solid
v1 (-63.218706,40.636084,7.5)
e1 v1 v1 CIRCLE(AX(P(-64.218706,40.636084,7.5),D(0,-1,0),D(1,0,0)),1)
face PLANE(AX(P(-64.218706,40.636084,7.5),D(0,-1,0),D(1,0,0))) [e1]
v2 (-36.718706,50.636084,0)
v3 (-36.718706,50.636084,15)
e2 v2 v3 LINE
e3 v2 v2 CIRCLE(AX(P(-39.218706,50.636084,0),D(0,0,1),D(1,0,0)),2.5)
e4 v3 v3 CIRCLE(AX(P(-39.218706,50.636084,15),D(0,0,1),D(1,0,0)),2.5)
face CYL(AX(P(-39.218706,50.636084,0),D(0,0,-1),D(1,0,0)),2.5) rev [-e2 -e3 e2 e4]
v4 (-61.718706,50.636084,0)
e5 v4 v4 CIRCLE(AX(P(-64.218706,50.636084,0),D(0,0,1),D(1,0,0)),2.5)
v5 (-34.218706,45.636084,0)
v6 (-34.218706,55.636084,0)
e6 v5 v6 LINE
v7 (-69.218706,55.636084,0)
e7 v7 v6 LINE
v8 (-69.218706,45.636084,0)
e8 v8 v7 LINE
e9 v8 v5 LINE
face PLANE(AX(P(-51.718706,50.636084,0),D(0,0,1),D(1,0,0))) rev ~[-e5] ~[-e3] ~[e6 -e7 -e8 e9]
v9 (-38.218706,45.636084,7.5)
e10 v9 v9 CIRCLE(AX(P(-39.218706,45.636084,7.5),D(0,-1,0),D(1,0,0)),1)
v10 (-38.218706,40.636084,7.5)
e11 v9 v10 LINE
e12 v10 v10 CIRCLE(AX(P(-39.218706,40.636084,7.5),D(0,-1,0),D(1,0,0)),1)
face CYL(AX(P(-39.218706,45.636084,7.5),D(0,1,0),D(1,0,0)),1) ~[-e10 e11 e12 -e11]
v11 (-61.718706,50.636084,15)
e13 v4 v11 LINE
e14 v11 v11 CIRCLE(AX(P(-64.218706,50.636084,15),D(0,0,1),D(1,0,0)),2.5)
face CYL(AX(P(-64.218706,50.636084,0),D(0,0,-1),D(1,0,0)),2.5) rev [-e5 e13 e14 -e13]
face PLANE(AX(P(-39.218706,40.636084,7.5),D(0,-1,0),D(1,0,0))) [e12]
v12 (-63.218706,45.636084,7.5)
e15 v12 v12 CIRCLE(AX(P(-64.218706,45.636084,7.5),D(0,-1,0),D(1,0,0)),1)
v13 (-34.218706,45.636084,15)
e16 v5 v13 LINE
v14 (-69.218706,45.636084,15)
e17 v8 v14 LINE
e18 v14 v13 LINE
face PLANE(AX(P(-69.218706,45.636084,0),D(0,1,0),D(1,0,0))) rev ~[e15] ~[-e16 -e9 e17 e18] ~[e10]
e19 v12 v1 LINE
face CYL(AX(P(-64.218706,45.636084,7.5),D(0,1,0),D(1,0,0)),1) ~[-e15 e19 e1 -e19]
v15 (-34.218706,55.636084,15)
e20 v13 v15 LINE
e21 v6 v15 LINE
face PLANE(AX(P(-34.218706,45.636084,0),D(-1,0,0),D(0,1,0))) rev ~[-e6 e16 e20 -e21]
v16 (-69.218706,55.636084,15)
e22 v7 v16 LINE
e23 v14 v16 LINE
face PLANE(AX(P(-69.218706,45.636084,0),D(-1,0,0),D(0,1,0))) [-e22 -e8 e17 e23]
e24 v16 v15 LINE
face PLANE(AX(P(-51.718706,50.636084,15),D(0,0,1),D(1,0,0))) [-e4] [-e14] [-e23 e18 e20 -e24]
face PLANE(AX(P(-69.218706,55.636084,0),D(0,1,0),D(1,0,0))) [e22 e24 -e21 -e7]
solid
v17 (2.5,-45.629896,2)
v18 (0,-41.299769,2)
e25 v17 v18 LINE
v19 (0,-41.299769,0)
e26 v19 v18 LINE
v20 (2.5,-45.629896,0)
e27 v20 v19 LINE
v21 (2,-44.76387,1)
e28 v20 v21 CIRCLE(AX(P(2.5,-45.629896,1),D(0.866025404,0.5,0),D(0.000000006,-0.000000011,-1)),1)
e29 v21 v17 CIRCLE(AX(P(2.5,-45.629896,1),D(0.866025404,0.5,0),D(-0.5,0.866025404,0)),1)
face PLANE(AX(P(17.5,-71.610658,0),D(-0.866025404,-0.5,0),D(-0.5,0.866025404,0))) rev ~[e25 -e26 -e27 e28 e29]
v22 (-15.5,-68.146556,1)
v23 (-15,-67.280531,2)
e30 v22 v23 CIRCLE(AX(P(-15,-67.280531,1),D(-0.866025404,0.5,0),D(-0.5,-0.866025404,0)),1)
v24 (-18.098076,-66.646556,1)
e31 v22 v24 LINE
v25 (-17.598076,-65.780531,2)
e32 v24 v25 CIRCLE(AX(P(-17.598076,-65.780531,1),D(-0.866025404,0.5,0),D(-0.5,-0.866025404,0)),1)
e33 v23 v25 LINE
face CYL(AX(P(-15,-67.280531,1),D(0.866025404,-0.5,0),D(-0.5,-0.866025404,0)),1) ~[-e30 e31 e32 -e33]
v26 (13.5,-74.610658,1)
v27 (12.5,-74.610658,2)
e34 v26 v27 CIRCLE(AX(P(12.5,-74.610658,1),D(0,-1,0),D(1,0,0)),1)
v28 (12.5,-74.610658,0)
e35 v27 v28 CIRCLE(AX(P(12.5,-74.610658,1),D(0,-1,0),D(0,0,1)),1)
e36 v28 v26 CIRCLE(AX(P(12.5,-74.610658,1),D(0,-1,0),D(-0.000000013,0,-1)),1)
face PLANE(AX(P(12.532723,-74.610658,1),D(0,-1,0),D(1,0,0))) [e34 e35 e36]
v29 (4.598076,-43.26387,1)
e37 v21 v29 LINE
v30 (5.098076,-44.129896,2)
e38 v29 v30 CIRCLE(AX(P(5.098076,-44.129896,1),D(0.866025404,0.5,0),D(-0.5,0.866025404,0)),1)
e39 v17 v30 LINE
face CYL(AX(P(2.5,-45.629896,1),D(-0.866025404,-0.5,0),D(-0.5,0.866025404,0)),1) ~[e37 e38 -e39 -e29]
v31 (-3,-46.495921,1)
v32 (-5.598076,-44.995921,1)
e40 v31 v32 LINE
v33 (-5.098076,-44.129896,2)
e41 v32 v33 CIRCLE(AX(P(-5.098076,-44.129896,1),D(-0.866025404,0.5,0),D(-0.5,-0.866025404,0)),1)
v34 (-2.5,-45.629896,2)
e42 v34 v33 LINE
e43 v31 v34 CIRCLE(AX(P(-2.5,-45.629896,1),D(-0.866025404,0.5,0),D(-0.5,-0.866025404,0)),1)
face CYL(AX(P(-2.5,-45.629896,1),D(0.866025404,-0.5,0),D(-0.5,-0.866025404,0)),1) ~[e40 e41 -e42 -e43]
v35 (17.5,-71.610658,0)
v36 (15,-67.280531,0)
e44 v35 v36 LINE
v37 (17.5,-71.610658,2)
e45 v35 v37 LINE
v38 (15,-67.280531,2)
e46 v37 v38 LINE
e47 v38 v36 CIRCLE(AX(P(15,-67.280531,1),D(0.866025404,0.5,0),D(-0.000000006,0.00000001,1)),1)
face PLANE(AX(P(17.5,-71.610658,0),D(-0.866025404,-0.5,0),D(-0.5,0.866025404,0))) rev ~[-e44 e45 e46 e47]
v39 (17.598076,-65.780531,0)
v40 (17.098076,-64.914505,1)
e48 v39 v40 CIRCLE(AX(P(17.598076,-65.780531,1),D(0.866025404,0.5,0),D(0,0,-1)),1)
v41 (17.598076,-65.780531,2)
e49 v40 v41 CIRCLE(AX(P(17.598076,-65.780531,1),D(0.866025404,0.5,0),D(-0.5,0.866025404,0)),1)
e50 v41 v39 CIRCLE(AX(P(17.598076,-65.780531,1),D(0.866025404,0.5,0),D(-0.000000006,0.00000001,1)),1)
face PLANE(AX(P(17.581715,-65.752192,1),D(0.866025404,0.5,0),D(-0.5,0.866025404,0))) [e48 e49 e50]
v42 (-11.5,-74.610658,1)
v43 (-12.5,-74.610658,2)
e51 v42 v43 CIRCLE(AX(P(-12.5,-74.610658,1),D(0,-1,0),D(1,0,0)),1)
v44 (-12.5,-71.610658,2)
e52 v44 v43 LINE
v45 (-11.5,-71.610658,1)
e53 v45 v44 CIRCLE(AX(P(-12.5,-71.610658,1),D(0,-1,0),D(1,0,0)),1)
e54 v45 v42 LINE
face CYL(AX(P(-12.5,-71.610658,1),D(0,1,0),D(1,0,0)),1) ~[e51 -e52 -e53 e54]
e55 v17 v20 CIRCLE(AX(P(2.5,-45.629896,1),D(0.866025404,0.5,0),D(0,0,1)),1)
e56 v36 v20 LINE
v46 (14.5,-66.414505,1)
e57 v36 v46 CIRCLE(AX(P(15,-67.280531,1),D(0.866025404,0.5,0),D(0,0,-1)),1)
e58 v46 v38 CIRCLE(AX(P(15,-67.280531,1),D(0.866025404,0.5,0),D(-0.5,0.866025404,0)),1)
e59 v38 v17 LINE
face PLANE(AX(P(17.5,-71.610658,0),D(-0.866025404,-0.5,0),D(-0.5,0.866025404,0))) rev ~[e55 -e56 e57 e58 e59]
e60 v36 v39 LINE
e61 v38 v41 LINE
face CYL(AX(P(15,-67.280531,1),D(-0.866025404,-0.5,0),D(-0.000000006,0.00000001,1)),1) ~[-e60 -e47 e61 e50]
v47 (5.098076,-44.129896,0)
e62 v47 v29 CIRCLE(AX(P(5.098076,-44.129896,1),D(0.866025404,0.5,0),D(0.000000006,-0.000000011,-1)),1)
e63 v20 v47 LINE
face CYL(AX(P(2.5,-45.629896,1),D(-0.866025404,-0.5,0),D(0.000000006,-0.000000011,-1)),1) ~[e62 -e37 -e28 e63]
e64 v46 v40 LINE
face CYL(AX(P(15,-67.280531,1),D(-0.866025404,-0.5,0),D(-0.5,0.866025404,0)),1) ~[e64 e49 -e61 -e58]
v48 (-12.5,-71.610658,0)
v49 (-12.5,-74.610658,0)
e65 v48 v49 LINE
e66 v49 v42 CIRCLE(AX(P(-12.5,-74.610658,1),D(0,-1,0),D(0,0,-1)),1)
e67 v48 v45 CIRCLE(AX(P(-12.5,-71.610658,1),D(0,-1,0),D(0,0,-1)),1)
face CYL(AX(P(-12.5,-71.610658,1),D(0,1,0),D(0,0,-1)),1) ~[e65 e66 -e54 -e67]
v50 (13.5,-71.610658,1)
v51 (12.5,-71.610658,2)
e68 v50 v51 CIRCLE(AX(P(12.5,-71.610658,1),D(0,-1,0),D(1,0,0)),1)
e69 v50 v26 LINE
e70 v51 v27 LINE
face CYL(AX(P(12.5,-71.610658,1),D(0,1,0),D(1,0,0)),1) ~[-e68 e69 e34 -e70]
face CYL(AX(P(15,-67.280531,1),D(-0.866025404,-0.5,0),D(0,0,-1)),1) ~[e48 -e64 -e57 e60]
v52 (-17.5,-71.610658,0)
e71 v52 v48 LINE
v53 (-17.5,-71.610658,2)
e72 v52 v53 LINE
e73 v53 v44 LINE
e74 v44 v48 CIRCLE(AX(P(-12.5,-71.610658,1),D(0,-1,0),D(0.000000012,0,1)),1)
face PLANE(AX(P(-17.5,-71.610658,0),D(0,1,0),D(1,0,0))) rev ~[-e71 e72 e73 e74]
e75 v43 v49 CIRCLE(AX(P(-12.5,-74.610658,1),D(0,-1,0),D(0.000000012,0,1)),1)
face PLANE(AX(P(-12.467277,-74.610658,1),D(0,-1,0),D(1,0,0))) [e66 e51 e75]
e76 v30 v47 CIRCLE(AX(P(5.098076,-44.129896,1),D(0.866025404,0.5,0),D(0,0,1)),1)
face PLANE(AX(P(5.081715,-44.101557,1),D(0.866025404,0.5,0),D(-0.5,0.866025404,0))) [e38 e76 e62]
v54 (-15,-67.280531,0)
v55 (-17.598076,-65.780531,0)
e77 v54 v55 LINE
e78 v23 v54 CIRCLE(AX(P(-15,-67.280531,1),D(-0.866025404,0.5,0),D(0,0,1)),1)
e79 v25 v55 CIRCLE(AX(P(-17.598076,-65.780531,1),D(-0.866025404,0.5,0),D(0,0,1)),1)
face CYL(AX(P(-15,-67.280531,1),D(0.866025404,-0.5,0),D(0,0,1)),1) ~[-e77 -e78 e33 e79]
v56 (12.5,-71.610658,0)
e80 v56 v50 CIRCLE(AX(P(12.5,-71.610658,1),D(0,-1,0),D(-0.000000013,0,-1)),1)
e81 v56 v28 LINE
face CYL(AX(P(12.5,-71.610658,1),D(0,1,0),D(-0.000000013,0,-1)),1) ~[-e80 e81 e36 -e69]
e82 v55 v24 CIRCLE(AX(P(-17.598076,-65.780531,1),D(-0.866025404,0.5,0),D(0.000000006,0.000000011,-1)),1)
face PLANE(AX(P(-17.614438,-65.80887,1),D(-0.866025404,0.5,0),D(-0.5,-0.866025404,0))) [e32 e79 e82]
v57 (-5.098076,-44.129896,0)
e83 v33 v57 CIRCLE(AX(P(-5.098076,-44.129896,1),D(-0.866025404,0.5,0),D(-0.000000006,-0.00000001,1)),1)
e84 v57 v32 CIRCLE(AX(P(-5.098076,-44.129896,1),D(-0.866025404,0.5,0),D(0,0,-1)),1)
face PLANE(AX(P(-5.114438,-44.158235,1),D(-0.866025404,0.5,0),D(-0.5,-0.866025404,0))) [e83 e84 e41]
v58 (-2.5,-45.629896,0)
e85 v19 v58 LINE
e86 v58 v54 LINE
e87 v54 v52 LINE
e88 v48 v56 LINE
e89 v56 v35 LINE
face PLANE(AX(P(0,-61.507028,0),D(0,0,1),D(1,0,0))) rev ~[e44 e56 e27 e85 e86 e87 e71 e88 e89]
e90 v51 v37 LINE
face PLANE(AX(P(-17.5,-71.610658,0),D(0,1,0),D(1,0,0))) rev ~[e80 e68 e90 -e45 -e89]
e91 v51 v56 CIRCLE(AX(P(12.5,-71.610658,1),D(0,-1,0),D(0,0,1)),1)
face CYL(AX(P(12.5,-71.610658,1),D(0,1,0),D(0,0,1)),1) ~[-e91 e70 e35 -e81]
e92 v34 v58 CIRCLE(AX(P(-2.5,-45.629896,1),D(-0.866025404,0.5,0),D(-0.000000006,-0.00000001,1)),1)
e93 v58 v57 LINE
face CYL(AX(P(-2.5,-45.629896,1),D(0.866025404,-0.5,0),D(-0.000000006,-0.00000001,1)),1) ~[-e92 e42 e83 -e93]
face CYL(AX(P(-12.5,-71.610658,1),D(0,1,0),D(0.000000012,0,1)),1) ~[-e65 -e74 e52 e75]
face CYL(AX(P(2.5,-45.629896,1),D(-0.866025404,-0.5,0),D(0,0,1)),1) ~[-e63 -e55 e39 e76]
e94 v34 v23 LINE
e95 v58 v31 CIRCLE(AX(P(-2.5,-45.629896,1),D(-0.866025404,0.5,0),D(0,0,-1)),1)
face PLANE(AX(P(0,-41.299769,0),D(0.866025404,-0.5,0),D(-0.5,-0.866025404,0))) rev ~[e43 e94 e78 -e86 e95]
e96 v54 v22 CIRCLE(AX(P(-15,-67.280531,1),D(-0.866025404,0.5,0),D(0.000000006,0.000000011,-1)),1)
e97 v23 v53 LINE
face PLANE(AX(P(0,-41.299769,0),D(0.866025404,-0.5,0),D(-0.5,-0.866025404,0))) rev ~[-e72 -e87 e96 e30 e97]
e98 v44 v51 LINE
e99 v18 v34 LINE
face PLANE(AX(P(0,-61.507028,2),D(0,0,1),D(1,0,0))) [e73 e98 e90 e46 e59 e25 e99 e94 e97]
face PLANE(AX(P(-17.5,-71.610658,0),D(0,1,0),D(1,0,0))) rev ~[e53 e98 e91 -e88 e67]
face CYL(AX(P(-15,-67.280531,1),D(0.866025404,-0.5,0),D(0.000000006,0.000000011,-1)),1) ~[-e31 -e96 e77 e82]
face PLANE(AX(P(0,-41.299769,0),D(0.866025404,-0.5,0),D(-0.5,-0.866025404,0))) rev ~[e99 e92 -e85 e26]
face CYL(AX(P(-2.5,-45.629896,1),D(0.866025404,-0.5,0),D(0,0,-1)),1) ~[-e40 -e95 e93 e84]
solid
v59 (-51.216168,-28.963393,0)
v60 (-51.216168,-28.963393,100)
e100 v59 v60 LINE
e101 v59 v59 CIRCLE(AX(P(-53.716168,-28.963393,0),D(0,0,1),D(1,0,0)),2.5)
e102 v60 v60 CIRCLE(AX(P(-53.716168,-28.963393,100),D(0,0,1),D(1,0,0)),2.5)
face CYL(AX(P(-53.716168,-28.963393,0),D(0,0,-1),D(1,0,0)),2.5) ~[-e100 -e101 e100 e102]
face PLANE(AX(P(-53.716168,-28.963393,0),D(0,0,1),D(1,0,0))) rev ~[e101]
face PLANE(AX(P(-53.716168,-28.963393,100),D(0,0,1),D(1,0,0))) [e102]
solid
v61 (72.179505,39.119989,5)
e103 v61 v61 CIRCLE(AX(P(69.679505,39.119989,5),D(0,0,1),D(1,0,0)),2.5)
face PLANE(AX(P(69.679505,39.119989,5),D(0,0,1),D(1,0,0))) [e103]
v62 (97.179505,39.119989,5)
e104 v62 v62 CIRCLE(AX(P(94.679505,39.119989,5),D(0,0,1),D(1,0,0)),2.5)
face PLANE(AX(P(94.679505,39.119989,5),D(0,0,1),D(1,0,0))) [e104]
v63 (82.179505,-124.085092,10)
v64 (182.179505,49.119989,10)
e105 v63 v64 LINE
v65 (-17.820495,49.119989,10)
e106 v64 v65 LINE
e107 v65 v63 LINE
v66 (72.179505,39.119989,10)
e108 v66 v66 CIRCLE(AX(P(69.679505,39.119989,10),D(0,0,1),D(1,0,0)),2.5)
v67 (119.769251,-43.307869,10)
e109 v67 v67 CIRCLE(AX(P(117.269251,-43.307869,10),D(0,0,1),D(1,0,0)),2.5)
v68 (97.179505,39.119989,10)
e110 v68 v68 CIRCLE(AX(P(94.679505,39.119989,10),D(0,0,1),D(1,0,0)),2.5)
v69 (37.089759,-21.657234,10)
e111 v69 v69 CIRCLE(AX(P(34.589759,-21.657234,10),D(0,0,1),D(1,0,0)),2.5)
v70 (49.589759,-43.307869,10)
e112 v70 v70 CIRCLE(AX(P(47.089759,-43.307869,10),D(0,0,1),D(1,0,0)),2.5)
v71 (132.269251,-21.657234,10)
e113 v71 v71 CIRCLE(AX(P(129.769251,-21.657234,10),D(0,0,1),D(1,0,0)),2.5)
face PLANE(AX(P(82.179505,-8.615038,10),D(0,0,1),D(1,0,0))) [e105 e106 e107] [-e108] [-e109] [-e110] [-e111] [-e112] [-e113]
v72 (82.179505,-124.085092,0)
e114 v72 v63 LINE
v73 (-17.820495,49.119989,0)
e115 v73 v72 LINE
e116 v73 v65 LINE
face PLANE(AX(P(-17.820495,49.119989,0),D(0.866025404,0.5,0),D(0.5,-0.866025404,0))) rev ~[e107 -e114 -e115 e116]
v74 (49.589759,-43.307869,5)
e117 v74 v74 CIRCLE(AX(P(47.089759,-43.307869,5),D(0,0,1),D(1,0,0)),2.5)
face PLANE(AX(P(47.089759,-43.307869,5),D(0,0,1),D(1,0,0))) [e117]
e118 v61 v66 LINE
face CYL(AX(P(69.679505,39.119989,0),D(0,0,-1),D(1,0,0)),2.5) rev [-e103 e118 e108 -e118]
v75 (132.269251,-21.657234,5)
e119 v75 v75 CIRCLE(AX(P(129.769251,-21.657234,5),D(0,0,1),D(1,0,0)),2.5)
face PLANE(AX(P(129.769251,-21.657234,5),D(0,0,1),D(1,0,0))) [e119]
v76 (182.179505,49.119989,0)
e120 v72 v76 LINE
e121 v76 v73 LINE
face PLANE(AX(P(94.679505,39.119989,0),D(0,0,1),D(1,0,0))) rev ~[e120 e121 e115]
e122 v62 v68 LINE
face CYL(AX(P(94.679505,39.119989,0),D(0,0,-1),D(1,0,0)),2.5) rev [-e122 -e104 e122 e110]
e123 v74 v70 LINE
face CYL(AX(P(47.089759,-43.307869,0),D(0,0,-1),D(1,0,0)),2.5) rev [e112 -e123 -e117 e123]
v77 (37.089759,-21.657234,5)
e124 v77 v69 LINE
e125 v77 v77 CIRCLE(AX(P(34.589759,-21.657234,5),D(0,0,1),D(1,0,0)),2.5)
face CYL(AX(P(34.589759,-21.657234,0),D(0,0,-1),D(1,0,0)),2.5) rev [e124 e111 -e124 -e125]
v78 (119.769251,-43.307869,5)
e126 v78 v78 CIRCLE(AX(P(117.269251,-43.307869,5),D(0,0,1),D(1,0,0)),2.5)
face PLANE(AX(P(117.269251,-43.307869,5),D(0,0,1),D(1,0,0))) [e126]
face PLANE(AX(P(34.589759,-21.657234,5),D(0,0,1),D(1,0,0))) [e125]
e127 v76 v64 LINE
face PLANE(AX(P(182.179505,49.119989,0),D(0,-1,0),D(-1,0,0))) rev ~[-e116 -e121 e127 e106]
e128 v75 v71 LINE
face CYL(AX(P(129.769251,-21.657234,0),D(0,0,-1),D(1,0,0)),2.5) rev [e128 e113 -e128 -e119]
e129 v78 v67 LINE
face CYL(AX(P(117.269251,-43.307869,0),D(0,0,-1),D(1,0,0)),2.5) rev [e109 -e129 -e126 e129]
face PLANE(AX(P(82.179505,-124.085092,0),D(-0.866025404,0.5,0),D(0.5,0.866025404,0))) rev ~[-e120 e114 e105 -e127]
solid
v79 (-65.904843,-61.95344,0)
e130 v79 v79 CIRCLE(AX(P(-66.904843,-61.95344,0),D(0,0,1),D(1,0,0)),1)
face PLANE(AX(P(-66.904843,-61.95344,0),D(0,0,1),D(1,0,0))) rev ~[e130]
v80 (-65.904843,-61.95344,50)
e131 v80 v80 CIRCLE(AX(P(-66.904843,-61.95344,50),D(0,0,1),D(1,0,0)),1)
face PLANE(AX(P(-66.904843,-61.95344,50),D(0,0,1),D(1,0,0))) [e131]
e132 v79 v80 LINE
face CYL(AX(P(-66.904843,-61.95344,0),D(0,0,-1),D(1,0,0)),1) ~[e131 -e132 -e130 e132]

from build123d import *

# Parameters (mm, degrees)
F0_R      = 2.5
F1_DEPTH  = 100
F0_W      = 35
F0_H      = 10
F2_DEPTH  = 15
F3_R      = 1
F4_DEPTH  = 5
F5_DEPTH  = 10
F6_DEPTH  = 5
F7_R      = 1
F8_DEPTH  = 50
F9_DEPTH  = 2
F11_DEPTH = 3
F13_COUNT = 3


with BuildPart() as f1:
    # F0 (on Top) → F1 (new body)
    with BuildSketch(Plane.XY):
        with Locations((-53.7161678076, -28.9633926004)):
            Circle(F0_R)
    extrude(amount=F1_DEPTH)


with BuildPart() as f2:
    # F0 (on Top) → F2 (new body)
    with BuildSketch(Plane.XY):
        with Locations((-51.7187061906, 50.6360839307)):
            Rectangle(F0_W, F0_H)
        with Locations((-64.2187061906, 50.6360839307)):
            Circle(F0_R, mode=Mode.SUBTRACT)
        with Locations((-39.2187061906, 50.6360839307)):
            Circle(F0_R, mode=Mode.SUBTRACT)
    extrude(amount=F2_DEPTH)

    # F3 (on face) → F4 (join)
    with BuildSketch(Plane.XZ.offset(-45.6360839307)):
        with Locations((-64.2187061906, 7.5)):
            Circle(F3_R)
        with Locations((-39.2187061906, 7.5)):
            Circle(F3_R)
    extrude(amount=F4_DEPTH)


with BuildPart() as f5:
    # F0 (on Top) → F5 (new body)
    with BuildSketch(Plane.XY):
        Polygon((82.1795048314, -124.0850920262), (182.1795048314, 49.1199887307), (-17.8204951686, 49.1199887307), align=None)
        with Locations((47.0897588693, -43.3078691951)):
            Circle(F0_R, mode=Mode.SUBTRACT)
        with Locations((117.2692507936, -43.3078691951)):
            Circle(F0_R, mode=Mode.SUBTRACT)
        with Locations((34.5897588693, -21.6572341004)):
            Circle(F0_R, mode=Mode.SUBTRACT)
        with Locations((129.7692507936, -21.6572341004)):
            Circle(F0_R, mode=Mode.SUBTRACT)
        with Locations((69.6795048314, 39.1199887307)):
            Circle(F0_R, mode=Mode.SUBTRACT)
        with Locations((94.6795048314, 39.1199887307)):
            Circle(F0_R, mode=Mode.SUBTRACT)
    extrude(amount=F5_DEPTH)

    # F0 (on Top) → F6 (join)
    with BuildSketch(Plane.XY):
        with Locations((94.6795048314, 39.1199887307)):
            Circle(F0_R)
        with Locations((69.6795048314, 39.1199887307)):
            Circle(F0_R)
        with Locations((129.7692507936, -21.6572341004)):
            Circle(F0_R)
        with Locations((117.2692507936, -43.3078691951)):
            Circle(F0_R)
        with Locations((47.0897588693, -43.3078691951)):
            Circle(F0_R)
        with Locations((34.5897588693, -21.6572341004)):
            Circle(F0_R)
    extrude(amount=F6_DEPTH)


with BuildPart() as f8:
    # F7 (on Top) → F8 (new body)
    with BuildSketch(Plane.XY):
        with Locations((-66.9048428535, -61.9534403086)):
            Circle(F7_R)
    extrude(amount=F8_DEPTH)


with BuildPart() as f9:
    # F7 (on Top) → F9 (new body)
    with BuildSketch(Plane.XY):
        Polygon((-17.5, -71.6106578587), (17.5, -71.6106578587), (0, -41.2997687263), align=None)
    extrude(amount=F9_DEPTH)

    # F10 (on face) → F11 (join)
    with BuildSketch(Plane.XZ.offset(71.6106578587)):
        with BuildLine():
            ThreePointArc((-12.5, 0), (-11.7928932188, 0.2928932188), (-11.5, 1))
            ThreePointArc((-11.5, 1), (-11.7928932147, 1.7071067771), (-12.4999999883, 2))
            ThreePointArc((-12.4999999883, 2), (-13.5, 1.0000000058), (-12.5, 0))
        make_face()
        with BuildLine():
            ThreePointArc((13.5, 1), (13.2071067812, 1.7071067812), (12.5, 2))
            ThreePointArc((12.5, 2), (11.5, 1.0000000064), (12.4999999871, 0))
            ThreePointArc((12.4999999871, 0), (13.2071067766, 0.2928932143), (13.5, 1))
        make_face()
    extrude(amount=F11_DEPTH)

    # F13: F9 ×3 about axis
    f13_axis = Axis((0, -61.5070281479, 1.7078060191), (0, 0, 1))


with BuildPart() as f9_1:
    add(f9.part)
    for i in range(1, F13_COUNT):
        add(f9.part.rotate(f13_axis, i * 360 / F13_COUNT))


solid = Compound([f1.part, f2.part, f5.part, f8.part, f9_1.part])
